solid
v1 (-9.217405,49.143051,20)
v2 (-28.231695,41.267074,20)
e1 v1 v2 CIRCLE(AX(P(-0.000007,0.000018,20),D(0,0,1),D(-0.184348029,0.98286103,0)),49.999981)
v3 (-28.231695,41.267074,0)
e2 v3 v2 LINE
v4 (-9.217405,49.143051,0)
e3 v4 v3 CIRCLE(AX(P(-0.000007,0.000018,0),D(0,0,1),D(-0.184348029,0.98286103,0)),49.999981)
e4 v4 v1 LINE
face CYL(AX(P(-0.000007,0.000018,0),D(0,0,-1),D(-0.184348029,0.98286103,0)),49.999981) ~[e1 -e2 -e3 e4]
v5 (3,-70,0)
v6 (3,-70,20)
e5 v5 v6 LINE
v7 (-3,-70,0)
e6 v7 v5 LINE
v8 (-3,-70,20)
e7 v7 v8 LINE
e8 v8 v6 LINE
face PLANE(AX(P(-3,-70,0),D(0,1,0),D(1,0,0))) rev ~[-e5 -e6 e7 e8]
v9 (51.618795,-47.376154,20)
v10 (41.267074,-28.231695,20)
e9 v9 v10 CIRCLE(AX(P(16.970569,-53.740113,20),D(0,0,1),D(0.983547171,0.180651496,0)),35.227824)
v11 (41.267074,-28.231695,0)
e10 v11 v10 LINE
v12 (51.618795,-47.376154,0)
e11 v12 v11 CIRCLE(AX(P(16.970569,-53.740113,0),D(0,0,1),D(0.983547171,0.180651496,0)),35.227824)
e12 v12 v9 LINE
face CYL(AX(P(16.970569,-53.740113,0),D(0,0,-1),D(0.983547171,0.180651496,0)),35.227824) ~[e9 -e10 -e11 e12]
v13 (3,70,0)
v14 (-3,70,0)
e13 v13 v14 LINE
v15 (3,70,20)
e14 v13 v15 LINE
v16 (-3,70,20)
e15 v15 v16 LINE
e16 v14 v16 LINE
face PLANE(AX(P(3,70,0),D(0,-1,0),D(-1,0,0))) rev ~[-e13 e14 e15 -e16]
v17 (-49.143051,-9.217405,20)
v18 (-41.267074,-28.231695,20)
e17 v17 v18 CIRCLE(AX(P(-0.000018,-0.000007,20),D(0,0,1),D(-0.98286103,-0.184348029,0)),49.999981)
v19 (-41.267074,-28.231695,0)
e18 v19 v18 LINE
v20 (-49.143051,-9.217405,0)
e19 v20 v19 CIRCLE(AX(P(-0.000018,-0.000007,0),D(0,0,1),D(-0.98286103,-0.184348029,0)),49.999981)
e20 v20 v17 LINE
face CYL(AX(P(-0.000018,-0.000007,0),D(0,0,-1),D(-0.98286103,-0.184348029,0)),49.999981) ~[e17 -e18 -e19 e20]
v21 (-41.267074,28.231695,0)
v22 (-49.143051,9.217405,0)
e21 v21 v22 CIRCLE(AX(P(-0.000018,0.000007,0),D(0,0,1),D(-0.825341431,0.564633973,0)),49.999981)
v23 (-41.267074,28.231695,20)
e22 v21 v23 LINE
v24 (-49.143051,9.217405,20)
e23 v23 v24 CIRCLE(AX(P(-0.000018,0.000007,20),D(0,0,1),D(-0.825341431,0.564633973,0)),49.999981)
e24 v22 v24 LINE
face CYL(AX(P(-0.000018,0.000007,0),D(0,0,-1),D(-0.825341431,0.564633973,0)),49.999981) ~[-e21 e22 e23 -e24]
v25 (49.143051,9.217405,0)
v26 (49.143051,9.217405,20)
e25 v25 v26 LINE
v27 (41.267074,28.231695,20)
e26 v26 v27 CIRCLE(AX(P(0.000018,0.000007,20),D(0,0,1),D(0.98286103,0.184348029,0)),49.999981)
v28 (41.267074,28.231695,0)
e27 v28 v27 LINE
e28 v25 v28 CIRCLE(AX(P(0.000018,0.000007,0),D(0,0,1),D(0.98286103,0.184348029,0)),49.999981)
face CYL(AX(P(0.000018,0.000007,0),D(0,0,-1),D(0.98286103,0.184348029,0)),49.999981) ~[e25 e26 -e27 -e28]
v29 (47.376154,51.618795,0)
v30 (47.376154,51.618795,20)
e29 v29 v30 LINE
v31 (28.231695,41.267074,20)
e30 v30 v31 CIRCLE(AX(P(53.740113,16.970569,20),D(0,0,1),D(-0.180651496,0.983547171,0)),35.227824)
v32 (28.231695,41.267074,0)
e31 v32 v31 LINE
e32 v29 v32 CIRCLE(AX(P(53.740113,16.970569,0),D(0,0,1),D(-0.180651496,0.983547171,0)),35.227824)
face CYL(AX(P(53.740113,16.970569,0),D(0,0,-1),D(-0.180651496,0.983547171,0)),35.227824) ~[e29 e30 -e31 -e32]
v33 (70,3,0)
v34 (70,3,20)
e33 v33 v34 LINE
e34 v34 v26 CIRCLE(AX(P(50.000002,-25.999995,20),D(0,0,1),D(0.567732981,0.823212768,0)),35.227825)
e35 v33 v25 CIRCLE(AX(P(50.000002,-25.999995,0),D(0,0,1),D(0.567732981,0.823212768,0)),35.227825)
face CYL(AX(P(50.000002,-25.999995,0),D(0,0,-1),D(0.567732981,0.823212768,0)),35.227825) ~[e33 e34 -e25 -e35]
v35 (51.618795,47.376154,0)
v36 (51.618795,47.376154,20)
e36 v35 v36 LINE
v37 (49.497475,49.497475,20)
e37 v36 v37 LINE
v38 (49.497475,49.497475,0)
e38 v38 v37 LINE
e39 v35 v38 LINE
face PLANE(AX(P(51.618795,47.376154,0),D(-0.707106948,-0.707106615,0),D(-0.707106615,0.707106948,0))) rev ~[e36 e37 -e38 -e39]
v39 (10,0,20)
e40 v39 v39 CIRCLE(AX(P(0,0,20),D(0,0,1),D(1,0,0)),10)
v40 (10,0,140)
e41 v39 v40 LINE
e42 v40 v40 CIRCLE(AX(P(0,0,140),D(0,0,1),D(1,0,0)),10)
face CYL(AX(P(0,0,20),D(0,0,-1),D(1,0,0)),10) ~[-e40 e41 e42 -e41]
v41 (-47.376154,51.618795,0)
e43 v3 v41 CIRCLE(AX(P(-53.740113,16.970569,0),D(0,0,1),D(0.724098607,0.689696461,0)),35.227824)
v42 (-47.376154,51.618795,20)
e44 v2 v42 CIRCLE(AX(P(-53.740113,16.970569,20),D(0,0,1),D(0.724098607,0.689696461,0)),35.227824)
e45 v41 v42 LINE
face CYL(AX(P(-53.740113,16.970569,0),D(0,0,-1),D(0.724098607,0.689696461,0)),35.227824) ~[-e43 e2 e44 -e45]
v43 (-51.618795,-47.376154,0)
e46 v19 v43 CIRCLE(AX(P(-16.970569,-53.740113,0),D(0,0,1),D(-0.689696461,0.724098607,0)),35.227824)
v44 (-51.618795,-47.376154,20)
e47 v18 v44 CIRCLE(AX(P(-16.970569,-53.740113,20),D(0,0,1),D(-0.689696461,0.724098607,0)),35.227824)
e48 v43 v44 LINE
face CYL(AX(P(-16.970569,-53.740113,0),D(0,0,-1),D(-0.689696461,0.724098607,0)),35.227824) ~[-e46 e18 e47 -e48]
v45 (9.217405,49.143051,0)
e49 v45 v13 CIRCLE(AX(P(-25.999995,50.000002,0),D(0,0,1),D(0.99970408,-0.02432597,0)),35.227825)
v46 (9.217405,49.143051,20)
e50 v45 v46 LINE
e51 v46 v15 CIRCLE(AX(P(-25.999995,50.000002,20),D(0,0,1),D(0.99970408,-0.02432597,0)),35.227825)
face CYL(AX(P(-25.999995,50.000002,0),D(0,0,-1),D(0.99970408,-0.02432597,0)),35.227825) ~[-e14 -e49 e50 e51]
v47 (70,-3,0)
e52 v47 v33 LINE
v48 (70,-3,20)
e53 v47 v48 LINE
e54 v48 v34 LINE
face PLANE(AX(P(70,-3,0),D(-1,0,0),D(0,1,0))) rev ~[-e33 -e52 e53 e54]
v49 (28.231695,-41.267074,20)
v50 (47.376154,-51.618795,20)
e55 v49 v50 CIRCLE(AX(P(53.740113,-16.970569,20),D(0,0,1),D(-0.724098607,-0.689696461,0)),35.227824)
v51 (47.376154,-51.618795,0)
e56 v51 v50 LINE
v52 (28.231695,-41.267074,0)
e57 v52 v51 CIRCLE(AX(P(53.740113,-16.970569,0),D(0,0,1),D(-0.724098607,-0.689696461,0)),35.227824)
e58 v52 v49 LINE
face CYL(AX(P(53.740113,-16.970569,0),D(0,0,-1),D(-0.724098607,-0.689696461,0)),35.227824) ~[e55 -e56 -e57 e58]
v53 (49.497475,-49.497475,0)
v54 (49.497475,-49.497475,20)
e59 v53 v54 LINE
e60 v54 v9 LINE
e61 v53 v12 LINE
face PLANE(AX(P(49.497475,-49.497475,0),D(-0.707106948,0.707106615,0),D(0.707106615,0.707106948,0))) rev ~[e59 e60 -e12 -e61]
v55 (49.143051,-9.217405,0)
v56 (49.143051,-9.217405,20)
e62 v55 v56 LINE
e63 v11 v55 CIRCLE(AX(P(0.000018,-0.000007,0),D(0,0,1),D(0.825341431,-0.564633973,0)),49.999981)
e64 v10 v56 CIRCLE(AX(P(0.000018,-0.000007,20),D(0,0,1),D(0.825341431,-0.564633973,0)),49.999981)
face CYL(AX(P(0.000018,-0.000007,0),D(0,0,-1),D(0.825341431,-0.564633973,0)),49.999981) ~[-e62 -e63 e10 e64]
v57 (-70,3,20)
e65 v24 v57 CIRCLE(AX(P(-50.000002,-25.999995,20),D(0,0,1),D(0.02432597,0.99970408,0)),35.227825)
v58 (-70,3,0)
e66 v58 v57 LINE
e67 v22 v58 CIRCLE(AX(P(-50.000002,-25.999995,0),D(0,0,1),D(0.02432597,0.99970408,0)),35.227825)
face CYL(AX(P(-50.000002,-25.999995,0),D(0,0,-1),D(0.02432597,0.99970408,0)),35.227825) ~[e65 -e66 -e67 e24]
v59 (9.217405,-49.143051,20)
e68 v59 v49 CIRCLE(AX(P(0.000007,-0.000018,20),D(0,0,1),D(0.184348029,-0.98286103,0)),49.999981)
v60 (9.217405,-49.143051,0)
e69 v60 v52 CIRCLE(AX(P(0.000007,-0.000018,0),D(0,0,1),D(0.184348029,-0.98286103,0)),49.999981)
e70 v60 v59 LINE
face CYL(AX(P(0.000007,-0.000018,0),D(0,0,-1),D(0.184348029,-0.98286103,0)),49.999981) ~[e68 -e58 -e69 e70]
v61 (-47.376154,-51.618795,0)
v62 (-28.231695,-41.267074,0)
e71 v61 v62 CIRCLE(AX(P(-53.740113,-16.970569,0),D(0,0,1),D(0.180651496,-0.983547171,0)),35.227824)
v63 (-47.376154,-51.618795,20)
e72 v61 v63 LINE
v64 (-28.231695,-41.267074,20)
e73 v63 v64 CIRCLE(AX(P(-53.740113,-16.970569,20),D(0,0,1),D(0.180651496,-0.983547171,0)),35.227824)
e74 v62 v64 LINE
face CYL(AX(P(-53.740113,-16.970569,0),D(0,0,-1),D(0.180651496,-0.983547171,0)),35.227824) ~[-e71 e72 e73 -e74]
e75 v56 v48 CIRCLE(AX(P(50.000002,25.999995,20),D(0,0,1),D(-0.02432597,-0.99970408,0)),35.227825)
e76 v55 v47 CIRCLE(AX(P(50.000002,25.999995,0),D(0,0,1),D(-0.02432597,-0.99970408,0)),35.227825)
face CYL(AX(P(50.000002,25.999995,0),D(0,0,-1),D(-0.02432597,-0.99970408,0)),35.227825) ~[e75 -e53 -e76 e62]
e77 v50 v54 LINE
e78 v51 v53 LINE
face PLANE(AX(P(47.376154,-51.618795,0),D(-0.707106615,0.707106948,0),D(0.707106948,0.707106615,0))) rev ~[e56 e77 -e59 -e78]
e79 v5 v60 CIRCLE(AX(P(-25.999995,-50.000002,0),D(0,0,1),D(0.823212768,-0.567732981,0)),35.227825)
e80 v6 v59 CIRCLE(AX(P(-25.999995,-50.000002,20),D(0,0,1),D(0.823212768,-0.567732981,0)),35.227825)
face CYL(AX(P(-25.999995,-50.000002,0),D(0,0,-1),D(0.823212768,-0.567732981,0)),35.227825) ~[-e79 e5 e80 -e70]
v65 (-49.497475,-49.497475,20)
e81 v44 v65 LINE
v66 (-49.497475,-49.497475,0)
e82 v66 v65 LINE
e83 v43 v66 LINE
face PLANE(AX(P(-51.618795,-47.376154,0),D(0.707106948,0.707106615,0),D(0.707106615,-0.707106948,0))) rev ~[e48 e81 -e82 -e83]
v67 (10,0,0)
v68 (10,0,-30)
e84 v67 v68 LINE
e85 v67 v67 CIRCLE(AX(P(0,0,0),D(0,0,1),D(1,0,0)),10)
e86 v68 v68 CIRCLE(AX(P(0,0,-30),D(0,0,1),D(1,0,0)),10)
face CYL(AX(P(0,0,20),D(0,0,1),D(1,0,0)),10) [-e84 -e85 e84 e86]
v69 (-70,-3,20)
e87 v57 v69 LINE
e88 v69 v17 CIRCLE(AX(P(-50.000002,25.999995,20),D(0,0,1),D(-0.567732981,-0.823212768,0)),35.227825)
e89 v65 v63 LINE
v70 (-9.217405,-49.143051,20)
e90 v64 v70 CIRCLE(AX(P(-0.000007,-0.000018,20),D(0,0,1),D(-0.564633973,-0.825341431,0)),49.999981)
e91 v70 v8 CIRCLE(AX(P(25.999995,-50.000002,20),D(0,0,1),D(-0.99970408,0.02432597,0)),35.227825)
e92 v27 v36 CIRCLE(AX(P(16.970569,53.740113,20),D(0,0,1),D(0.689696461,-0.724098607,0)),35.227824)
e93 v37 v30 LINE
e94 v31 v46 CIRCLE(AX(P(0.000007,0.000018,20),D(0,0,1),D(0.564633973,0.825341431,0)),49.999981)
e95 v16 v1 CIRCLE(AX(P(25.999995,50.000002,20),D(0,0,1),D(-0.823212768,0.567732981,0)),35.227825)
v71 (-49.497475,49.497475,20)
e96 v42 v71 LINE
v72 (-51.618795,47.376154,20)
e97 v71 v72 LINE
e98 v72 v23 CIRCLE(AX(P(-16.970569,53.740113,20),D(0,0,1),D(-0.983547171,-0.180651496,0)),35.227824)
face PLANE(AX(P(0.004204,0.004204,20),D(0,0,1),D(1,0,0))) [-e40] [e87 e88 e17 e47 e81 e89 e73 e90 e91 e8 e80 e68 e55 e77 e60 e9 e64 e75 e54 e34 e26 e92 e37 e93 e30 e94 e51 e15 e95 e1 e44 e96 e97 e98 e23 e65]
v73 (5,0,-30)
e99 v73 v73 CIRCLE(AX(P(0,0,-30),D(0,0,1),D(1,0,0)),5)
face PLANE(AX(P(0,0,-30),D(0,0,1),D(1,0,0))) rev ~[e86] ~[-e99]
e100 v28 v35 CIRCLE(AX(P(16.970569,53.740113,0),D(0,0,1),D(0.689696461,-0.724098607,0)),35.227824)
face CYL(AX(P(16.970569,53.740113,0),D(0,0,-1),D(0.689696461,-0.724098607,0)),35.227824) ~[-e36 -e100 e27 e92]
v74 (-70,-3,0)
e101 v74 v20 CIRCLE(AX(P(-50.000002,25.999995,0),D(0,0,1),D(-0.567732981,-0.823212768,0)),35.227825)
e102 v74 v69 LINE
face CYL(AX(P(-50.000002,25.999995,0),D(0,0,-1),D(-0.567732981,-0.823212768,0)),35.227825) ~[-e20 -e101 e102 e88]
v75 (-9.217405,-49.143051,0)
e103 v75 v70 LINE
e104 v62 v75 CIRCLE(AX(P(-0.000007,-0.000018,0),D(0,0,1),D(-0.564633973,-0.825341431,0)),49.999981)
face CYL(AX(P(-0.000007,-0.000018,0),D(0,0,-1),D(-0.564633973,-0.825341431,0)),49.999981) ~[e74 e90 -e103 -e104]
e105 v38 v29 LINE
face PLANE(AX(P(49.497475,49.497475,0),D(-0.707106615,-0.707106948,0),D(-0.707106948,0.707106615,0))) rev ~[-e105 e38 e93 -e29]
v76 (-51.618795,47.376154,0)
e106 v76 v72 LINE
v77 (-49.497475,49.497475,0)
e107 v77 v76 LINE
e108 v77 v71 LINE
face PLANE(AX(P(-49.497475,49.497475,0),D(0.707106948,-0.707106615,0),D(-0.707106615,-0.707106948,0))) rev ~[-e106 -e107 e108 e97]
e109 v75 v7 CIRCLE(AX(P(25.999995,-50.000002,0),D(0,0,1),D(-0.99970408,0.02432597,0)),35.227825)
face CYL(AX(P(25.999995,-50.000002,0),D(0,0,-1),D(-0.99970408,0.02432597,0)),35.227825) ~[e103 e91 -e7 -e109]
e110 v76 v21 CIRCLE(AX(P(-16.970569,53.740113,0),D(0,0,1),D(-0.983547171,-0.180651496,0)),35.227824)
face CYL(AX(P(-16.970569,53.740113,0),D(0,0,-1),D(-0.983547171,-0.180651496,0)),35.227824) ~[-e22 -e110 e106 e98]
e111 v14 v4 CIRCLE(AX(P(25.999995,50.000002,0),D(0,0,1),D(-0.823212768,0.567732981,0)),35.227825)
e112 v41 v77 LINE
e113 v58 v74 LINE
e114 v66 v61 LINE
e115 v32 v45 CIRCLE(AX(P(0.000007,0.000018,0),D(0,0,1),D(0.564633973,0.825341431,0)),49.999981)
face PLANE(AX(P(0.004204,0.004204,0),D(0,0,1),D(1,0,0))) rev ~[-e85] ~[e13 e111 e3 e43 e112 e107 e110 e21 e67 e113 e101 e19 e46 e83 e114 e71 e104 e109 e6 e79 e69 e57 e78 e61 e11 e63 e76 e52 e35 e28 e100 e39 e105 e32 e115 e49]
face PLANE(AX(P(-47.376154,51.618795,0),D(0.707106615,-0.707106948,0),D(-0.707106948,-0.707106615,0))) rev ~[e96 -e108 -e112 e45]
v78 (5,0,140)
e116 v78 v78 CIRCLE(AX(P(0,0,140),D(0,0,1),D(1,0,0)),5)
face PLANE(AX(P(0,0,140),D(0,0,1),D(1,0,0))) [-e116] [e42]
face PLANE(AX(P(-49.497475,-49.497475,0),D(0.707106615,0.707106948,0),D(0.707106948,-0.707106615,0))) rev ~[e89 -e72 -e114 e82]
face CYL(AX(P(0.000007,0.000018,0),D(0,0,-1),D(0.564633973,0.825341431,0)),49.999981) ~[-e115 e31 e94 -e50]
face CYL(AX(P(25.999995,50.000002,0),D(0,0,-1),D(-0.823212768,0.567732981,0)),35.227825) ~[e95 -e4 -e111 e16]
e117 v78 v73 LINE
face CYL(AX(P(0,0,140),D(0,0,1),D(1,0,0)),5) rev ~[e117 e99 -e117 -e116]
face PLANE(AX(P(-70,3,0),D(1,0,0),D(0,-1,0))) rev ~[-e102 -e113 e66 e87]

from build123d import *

# Parameters (mm, degrees)
F1_DEPTH      = 20
F2_R          = 10
F3_DEPTH      = 120
F3_DEPTH_BACK = 50
F4_R          = 5
F5_DEPTH      = 170


with BuildPart() as f1:
    # F0 (on Top) → F1 (new body)
    with BuildSketch(Plane.XY):
        with BuildLine():
            ThreePointArc((49.143051, -9.217405), (49.785302, -4.628578), (50, 0))
            ThreePointArc((50, 0), (49.785302, 4.628578), (49.143051, 9.217405))
            ThreePointArc((49.143051, 9.217405), (46.193977, 19.134172), (41.267074, 28.231695))
            ThreePointArc((41.267074, 28.231695), (35.355339, 35.355339), (28.231695, 41.267074))
            ThreePointArc((28.231695, 41.267074), (19.134172, 46.193977), (9.217405, 49.143051))
            ThreePointArc((9.217405, 49.143051), (4.628578, 49.785302), (0, 50))
            ThreePointArc((0, 50), (-4.628578, 49.785302), (-9.217405, 49.143051))
            ThreePointArc((-9.217405, 49.143051), (-19.134172, 46.193977), (-28.231695, 41.267074))
            ThreePointArc((-28.231695, 41.267074), (-35.355339, 35.355339), (-41.267074, 28.231695))
            ThreePointArc((-41.267074, 28.231695), (-46.193977, 19.134172), (-49.143051, 9.217405))
            ThreePointArc((-49.143051, 9.217405), (-50, 0), (-49.143051, -9.217405))
            ThreePointArc((-49.143051, -9.217405), (-46.193977, -19.134172), (-41.267074, -28.231695))
            ThreePointArc((-41.267074, -28.231695), (-35.355339, -35.355339), (-28.231695, -41.267074))
            ThreePointArc((-28.231695, -41.267074), (-19.134172, -46.193977), (-9.217405, -49.143051))
            ThreePointArc((-9.217405, -49.143051), (0, -50), (9.217405, -49.143051))
            ThreePointArc((9.217405, -49.143051), (19.134172, -46.193977), (28.231695, -41.267074))
            ThreePointArc((28.231695, -41.267074), (35.355339, -35.355339), (41.267074, -28.231695))
            ThreePointArc((41.267074, -28.231695), (46.193977, -19.134172), (49.143051, -9.217405))
        make_face()
        with BuildLine():
            ThreePointArc((49.143051, 9.217405), (49.785302, 4.628578), (50, 0))
            ThreePointArc((50, 0), (49.785302, -4.628578), (49.143051, -9.217405))
            ThreePointArc((49.143051, -9.217405), (60.063704, -7.759767), (70, -3))
            Line((70, -3), (70, 0))
            Line((70, 0), (70, 3))
            ThreePointArc((70, 3), (60.063704, 7.759767), (49.143051, 9.217405))
        make_face()
        with BuildLine():
            ThreePointArc((28.231695, 41.267074), (35.355339, 35.355339), (41.267074, 28.231695))
            ThreePointArc((41.267074, 28.231695), (47.958436, 36.984468), (51.618795, 47.376154))
            Line((51.618795, 47.376154), (49.497475, 49.497475))
            Line((49.497475, 49.497475), (47.376154, 51.618795))
            ThreePointArc((47.376154, 51.618795), (36.984468, 47.958436), (28.231695, 41.267074))
        make_face()
        with BuildLine():
            ThreePointArc((51.618795, -47.376154), (47.958436, -36.984468), (41.267074, -28.231695))
            ThreePointArc((41.267074, -28.231695), (35.355339, -35.355339), (28.231695, -41.267074))
            ThreePointArc((28.231695, -41.267074), (36.984468, -47.958436), (47.376154, -51.618795))
            Line((47.376154, -51.618795), (49.497475, -49.497475))
            Line((49.497475, -49.497475), (51.618795, -47.376154))
        make_face()
        with BuildLine():
            ThreePointArc((0, 50), (4.628578, 49.785302), (9.217405, 49.143051))
            ThreePointArc((9.217405, 49.143051), (7.759767, 60.063704), (3, 70))
            Line((3, 70), (0, 70))
            Line((0, 70), (0, 50))
        make_face()
        with BuildLine():
            ThreePointArc((3, -70), (7.759767, -60.063704), (9.217405, -49.143051))
            ThreePointArc((9.217405, -49.143051), (0, -50), (-9.217405, -49.143051))
            ThreePointArc((-9.217405, -49.143051), (-7.759767, -60.063704), (-3, -70))
            Line((-3, -70), (0, -70))
            Line((0, -70), (3, -70))
        make_face()
        with BuildLine():
            ThreePointArc((-9.217405, 49.143051), (-4.628578, 49.785302), (0, 50))
            Line((0, 50), (0, 70))
            Line((0, 70), (-3, 70))
            ThreePointArc((-3, 70), (-7.759767, 60.063704), (-9.217405, 49.143051))
        make_face()
        with BuildLine():
            ThreePointArc((-47.376154, -51.618795), (-36.984468, -47.958436), (-28.231695, -41.267074))
            ThreePointArc((-28.231695, -41.267074), (-35.355339, -35.355339), (-41.267074, -28.231695))
            ThreePointArc((-41.267074, -28.231695), (-47.958436, -36.984468), (-51.618795, -47.376154))
            Line((-51.618795, -47.376154), (-49.497475, -49.497475))
            Line((-49.497475, -49.497475), (-47.376154, -51.618795))
        make_face()
        with BuildLine():
            ThreePointArc((-41.267074, 28.231695), (-35.355339, 35.355339), (-28.231695, 41.267074))
            ThreePointArc((-28.231695, 41.267074), (-36.984468, 47.958436), (-47.376154, 51.618795))
            Line((-47.376154, 51.618795), (-49.497475, 49.497475))
            Line((-49.497475, 49.497475), (-51.618795, 47.376154))
            ThreePointArc((-51.618795, 47.376154), (-47.958436, 36.984468), (-41.267074, 28.231695))
        make_face()
        with BuildLine():
            ThreePointArc((-70, -3), (-60.063704, -7.759767), (-49.143051, -9.217405))
            ThreePointArc((-49.143051, -9.217405), (-50, 0), (-49.143051, 9.217405))
            ThreePointArc((-49.143051, 9.217405), (-60.063704, 7.759767), (-70, 3))
            Line((-70, 3), (-70, 0))
            Line((-70, 0), (-70, -3))
        make_face()
    extrude(amount=F1_DEPTH)

    # F2 (on face) → F3 (join, two sides)
    with BuildSketch(Plane.XY.offset(20)) as f3_sk:
        Circle(F2_R)
    extrude(amount=F3_DEPTH)
    extrude(f3_sk.sketch, amount=-F3_DEPTH_BACK)

    # F4 (on face) → F5 (cut, through all)
    with BuildSketch(Plane.XY.offset(140)):
        Circle(F4_R)
    extrude(amount=-F5_DEPTH, mode=Mode.SUBTRACT)


solid = f1.part
